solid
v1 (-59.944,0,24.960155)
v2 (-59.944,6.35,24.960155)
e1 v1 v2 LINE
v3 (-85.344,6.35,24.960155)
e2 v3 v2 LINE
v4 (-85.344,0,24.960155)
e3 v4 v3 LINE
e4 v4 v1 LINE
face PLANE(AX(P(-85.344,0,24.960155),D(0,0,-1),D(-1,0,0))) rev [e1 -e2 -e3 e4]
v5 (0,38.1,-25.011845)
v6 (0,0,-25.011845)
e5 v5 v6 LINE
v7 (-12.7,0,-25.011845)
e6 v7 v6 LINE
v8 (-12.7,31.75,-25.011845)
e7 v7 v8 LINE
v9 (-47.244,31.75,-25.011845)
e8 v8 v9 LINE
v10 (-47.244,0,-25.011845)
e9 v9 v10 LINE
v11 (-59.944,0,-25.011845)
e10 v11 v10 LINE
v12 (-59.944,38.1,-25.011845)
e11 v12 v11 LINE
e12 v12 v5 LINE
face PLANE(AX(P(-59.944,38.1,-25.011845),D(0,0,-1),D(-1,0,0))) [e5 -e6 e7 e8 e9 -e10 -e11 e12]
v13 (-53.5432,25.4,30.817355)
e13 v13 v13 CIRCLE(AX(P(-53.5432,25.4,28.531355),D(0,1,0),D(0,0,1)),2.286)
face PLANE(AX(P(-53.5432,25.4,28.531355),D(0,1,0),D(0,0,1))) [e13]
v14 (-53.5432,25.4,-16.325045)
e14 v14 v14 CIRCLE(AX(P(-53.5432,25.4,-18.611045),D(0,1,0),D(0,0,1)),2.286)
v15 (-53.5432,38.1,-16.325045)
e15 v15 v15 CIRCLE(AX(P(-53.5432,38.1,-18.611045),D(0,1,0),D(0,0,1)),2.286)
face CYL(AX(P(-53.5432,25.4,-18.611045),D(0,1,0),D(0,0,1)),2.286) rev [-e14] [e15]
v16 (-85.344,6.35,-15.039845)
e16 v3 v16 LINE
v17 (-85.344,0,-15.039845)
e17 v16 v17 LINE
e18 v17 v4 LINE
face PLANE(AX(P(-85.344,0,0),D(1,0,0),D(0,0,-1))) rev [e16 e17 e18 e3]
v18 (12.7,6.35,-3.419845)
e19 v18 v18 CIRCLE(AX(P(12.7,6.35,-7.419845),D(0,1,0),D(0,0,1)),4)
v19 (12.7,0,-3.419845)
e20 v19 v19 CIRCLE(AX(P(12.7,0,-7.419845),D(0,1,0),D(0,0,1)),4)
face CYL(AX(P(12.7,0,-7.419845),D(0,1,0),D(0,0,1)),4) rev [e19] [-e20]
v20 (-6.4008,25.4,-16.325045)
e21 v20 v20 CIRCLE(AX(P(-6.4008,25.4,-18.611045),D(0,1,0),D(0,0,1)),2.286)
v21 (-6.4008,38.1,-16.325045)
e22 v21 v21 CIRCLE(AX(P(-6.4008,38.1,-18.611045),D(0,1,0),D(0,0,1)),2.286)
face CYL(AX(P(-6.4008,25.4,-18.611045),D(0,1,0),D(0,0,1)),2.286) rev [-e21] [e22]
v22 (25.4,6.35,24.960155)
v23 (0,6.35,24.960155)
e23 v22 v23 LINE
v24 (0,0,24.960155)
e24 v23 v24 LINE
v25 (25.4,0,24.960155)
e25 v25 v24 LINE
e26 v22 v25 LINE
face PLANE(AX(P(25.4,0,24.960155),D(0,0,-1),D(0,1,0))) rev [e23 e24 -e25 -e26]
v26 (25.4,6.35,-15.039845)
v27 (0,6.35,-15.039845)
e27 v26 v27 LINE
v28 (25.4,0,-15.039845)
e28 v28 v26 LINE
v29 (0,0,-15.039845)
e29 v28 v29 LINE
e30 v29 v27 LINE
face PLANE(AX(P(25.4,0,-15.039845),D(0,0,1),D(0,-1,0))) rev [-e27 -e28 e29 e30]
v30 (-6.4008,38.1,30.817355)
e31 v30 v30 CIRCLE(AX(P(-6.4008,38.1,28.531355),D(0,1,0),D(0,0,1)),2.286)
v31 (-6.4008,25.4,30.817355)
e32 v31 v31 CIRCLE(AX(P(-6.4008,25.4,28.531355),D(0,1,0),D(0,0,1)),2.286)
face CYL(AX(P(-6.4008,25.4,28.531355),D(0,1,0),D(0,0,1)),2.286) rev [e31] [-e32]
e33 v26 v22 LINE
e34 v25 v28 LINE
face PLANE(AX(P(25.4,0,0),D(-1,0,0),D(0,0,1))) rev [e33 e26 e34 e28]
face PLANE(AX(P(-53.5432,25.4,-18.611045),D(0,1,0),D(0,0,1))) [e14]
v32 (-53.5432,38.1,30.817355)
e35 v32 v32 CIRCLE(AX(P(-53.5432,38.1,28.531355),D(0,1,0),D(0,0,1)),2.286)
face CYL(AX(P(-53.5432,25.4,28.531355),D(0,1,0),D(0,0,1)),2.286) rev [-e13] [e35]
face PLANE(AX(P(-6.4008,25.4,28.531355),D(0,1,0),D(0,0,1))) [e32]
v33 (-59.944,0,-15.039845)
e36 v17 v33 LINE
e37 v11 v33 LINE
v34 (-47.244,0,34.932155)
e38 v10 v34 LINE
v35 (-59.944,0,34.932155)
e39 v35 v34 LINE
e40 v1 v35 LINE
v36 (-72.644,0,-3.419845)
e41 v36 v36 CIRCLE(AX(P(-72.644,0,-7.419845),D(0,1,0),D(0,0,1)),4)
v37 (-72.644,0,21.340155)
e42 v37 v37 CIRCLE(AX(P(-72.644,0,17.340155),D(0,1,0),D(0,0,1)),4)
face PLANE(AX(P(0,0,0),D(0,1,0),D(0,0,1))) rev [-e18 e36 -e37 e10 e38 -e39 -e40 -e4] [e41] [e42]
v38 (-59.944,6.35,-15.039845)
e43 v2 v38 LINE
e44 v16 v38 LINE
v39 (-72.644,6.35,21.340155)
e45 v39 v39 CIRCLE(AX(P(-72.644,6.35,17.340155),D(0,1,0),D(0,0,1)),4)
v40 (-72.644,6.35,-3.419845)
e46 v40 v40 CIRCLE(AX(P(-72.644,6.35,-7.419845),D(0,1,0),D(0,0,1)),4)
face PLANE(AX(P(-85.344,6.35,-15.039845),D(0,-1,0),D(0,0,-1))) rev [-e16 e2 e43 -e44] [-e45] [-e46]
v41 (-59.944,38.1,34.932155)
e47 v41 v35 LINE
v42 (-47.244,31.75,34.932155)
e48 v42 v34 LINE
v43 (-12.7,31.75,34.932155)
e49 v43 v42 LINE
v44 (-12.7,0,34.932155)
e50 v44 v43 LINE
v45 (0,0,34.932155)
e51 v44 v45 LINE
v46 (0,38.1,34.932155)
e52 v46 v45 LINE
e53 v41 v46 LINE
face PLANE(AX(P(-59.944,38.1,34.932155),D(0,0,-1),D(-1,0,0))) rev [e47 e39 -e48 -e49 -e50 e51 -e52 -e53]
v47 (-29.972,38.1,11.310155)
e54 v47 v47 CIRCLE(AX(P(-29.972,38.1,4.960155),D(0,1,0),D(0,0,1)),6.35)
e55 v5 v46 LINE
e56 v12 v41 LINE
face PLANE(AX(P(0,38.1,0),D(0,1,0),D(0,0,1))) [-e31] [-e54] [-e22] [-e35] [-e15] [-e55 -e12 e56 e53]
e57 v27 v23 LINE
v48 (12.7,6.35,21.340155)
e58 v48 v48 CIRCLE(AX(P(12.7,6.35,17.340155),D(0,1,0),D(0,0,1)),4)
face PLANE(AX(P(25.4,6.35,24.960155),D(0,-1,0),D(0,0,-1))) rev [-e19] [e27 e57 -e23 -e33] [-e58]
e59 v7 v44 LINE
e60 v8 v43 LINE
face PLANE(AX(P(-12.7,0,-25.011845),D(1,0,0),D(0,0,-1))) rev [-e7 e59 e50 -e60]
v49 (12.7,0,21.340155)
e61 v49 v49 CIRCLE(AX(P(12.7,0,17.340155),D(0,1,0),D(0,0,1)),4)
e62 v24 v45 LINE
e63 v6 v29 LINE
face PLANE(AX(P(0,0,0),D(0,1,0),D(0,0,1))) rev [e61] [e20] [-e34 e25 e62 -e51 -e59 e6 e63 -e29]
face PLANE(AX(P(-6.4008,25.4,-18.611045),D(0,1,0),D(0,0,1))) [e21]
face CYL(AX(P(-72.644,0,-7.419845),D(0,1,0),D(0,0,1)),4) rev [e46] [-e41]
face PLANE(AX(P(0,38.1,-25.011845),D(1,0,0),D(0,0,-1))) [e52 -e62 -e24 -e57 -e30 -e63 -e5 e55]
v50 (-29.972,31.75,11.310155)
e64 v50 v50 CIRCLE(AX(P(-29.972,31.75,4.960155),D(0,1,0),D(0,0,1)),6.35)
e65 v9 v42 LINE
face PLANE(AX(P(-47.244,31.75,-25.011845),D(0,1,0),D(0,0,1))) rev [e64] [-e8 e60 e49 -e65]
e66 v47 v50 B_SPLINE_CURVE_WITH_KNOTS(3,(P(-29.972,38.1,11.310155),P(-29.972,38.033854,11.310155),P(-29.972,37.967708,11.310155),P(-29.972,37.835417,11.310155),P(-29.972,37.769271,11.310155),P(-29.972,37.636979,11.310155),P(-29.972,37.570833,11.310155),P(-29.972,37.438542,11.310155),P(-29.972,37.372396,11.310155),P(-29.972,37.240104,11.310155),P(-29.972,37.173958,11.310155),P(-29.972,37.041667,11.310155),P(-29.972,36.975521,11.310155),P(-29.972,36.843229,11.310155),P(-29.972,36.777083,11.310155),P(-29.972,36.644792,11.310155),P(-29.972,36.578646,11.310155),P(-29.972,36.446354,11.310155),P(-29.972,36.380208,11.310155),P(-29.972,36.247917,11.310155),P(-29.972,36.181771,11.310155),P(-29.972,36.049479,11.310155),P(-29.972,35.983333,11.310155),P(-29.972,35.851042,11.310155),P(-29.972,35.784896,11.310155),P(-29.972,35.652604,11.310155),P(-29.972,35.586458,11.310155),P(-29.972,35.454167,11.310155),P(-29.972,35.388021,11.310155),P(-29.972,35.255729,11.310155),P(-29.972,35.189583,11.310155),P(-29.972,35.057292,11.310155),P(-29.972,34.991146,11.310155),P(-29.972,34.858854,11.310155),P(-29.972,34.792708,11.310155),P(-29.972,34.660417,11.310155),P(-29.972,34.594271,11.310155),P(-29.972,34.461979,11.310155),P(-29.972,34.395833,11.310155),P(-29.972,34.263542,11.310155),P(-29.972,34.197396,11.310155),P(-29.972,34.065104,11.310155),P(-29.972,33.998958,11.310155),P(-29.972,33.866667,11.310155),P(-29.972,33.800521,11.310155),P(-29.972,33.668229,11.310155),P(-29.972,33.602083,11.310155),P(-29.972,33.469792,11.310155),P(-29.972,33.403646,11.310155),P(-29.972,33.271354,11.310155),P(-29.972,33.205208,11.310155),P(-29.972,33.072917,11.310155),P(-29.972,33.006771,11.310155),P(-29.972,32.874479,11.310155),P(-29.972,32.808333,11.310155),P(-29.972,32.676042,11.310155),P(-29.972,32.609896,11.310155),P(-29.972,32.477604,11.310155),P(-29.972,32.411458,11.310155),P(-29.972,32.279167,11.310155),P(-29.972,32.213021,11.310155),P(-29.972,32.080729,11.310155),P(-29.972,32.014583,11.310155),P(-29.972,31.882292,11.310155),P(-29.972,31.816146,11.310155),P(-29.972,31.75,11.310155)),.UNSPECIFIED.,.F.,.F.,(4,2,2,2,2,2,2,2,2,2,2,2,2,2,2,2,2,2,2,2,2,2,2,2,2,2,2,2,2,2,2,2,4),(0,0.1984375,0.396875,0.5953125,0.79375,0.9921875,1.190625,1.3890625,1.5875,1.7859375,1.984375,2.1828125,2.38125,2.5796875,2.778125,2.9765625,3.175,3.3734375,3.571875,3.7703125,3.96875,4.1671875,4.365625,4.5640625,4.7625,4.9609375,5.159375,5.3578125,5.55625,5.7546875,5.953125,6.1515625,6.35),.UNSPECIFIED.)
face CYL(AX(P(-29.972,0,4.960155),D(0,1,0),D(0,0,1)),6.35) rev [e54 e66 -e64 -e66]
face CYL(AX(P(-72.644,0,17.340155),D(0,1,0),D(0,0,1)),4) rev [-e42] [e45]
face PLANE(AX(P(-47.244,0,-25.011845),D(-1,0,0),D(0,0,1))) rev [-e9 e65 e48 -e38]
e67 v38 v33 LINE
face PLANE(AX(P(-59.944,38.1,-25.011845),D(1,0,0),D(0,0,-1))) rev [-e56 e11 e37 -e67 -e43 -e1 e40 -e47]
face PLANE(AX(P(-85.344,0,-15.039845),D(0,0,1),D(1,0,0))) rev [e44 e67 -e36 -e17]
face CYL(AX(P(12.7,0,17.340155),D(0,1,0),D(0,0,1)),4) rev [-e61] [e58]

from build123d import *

# Parameters (mm, degrees)
SKETCH1_W           = 59.944
SKETCH1_H           = 59.944
BOSS_EXTRUDE1_DEPTH = 38.1
SKETCH2_W           = 34.544
SKETCH2_H           = 31.75
CUT_EXTRUDE1_DEPTH  = 93.941789697
SKETCH3_R           = 6.35
CUT_EXTRUDE2_DEPTH  = 80.152691578
SKETCH4_W           = 40
SKETCH4_H           = 6.35
BOSS_EXTRUDE2_DEPTH = 25.4
SKETCH5_W           = 40
SKETCH5_H           = 6.35
BOSS_EXTRUDE3_DEPTH = 25.4
SKETCH6_R           = 4
CUT_EXTRUDE3_DEPTH  = 98.529053538
SKETCH7_R           = 2.286
CUT_EXTRUDE4_DEPTH  = 12.7


with BuildPart() as part:
    # Sketch1 → Boss-Extrude1 (new body)
    with BuildSketch(Plane(origin=(0, 0, 0), x_dir=(1, 0, 0), z_dir=(0, 1, 0))):
        with Locations((-29.972, -4.96015493)):
            Rectangle(SKETCH1_W, SKETCH1_H)
    extrude(amount=BOSS_EXTRUDE1_DEPTH)

    # Sketch2 → Cut-Extrude1 (cut, through all)
    with BuildSketch(Plane.XY.offset(34.93215493)):
        with Locations((-29.972, 15.875)):
            Rectangle(SKETCH2_W, SKETCH2_H)
    extrude(amount=-CUT_EXTRUDE1_DEPTH, mode=Mode.SUBTRACT)

    # Sketch3 → Cut-Extrude2 (cut, through all)
    with BuildSketch(Plane(origin=(0, 38.1, 0), x_dir=(1, 0, 0), z_dir=(0, 1, 0))):
        with Locations(Location((-29.972, -4.96015493, 0), (0, 0, 270))):
            Circle(SKETCH3_R)
    extrude(amount=-CUT_EXTRUDE2_DEPTH, mode=Mode.SUBTRACT)

    # Sketch4 → Boss-Extrude2 (add)
    with BuildSketch(Plane(origin=(0, 0, 0), x_dir=(0, 0, -1), z_dir=(1, 0, 0))):
        with Locations((-4.960154808, 3.175)):
            Rectangle(SKETCH4_W, SKETCH4_H)
    extrude(amount=BOSS_EXTRUDE2_DEPTH)

    # Sketch5 → Boss-Extrude3 (add)
    with BuildSketch(Plane.ZY.offset(59.944)):
        with Locations((4.960154808, 3.175)):
            Rectangle(SKETCH5_W, SKETCH5_H)
    extrude(amount=BOSS_EXTRUDE3_DEPTH)

    # Sketch6 → Cut-Extrude3 (cut, through all)
    with BuildSketch(Plane(origin=(0, 6.35, 0), x_dir=(1, 0, 0), z_dir=(0, 1, 0))):
        with Locations(Location((-72.644, 7.419845192, 0), (0, 0, 270))):
            Circle(SKETCH6_R)
        with Locations(Location((-72.644, -17.340154808, 0), (0, 0, 270))):
            Circle(SKETCH6_R)
        with Locations(Location((12.7, 7.419845192, 0), (0, 0, 270))):
            Circle(SKETCH6_R)
        with Locations(Location((12.7, -17.340154808, 0), (0, 0, 270))):
            Circle(SKETCH6_R)
    extrude(amount=-CUT_EXTRUDE3_DEPTH, mode=Mode.SUBTRACT)

    # Sketch7 → Cut-Extrude4 (cut)
    with BuildSketch(Plane(origin=(0, 38.1, 0), x_dir=(1, 0, 0), z_dir=(0, 1, 0))):
        with Locations(Location((-53.5432, 18.61104507, 0), (0, 0, 270))):
            Circle(SKETCH7_R)
        with Locations(Location((-6.4008, -28.53135493, 0), (0, 0, 270))):
            Circle(SKETCH7_R)
        with Locations(Location((-53.5432, -28.53135493, 0), (0, 0, 270))):
            Circle(SKETCH7_R)
        with Locations(Location((-6.4008, 18.61104507, 0), (0, 0, 270))):
            Circle(SKETCH7_R)
    extrude(amount=-CUT_EXTRUDE4_DEPTH, mode=Mode.SUBTRACT)


solid = part.part
